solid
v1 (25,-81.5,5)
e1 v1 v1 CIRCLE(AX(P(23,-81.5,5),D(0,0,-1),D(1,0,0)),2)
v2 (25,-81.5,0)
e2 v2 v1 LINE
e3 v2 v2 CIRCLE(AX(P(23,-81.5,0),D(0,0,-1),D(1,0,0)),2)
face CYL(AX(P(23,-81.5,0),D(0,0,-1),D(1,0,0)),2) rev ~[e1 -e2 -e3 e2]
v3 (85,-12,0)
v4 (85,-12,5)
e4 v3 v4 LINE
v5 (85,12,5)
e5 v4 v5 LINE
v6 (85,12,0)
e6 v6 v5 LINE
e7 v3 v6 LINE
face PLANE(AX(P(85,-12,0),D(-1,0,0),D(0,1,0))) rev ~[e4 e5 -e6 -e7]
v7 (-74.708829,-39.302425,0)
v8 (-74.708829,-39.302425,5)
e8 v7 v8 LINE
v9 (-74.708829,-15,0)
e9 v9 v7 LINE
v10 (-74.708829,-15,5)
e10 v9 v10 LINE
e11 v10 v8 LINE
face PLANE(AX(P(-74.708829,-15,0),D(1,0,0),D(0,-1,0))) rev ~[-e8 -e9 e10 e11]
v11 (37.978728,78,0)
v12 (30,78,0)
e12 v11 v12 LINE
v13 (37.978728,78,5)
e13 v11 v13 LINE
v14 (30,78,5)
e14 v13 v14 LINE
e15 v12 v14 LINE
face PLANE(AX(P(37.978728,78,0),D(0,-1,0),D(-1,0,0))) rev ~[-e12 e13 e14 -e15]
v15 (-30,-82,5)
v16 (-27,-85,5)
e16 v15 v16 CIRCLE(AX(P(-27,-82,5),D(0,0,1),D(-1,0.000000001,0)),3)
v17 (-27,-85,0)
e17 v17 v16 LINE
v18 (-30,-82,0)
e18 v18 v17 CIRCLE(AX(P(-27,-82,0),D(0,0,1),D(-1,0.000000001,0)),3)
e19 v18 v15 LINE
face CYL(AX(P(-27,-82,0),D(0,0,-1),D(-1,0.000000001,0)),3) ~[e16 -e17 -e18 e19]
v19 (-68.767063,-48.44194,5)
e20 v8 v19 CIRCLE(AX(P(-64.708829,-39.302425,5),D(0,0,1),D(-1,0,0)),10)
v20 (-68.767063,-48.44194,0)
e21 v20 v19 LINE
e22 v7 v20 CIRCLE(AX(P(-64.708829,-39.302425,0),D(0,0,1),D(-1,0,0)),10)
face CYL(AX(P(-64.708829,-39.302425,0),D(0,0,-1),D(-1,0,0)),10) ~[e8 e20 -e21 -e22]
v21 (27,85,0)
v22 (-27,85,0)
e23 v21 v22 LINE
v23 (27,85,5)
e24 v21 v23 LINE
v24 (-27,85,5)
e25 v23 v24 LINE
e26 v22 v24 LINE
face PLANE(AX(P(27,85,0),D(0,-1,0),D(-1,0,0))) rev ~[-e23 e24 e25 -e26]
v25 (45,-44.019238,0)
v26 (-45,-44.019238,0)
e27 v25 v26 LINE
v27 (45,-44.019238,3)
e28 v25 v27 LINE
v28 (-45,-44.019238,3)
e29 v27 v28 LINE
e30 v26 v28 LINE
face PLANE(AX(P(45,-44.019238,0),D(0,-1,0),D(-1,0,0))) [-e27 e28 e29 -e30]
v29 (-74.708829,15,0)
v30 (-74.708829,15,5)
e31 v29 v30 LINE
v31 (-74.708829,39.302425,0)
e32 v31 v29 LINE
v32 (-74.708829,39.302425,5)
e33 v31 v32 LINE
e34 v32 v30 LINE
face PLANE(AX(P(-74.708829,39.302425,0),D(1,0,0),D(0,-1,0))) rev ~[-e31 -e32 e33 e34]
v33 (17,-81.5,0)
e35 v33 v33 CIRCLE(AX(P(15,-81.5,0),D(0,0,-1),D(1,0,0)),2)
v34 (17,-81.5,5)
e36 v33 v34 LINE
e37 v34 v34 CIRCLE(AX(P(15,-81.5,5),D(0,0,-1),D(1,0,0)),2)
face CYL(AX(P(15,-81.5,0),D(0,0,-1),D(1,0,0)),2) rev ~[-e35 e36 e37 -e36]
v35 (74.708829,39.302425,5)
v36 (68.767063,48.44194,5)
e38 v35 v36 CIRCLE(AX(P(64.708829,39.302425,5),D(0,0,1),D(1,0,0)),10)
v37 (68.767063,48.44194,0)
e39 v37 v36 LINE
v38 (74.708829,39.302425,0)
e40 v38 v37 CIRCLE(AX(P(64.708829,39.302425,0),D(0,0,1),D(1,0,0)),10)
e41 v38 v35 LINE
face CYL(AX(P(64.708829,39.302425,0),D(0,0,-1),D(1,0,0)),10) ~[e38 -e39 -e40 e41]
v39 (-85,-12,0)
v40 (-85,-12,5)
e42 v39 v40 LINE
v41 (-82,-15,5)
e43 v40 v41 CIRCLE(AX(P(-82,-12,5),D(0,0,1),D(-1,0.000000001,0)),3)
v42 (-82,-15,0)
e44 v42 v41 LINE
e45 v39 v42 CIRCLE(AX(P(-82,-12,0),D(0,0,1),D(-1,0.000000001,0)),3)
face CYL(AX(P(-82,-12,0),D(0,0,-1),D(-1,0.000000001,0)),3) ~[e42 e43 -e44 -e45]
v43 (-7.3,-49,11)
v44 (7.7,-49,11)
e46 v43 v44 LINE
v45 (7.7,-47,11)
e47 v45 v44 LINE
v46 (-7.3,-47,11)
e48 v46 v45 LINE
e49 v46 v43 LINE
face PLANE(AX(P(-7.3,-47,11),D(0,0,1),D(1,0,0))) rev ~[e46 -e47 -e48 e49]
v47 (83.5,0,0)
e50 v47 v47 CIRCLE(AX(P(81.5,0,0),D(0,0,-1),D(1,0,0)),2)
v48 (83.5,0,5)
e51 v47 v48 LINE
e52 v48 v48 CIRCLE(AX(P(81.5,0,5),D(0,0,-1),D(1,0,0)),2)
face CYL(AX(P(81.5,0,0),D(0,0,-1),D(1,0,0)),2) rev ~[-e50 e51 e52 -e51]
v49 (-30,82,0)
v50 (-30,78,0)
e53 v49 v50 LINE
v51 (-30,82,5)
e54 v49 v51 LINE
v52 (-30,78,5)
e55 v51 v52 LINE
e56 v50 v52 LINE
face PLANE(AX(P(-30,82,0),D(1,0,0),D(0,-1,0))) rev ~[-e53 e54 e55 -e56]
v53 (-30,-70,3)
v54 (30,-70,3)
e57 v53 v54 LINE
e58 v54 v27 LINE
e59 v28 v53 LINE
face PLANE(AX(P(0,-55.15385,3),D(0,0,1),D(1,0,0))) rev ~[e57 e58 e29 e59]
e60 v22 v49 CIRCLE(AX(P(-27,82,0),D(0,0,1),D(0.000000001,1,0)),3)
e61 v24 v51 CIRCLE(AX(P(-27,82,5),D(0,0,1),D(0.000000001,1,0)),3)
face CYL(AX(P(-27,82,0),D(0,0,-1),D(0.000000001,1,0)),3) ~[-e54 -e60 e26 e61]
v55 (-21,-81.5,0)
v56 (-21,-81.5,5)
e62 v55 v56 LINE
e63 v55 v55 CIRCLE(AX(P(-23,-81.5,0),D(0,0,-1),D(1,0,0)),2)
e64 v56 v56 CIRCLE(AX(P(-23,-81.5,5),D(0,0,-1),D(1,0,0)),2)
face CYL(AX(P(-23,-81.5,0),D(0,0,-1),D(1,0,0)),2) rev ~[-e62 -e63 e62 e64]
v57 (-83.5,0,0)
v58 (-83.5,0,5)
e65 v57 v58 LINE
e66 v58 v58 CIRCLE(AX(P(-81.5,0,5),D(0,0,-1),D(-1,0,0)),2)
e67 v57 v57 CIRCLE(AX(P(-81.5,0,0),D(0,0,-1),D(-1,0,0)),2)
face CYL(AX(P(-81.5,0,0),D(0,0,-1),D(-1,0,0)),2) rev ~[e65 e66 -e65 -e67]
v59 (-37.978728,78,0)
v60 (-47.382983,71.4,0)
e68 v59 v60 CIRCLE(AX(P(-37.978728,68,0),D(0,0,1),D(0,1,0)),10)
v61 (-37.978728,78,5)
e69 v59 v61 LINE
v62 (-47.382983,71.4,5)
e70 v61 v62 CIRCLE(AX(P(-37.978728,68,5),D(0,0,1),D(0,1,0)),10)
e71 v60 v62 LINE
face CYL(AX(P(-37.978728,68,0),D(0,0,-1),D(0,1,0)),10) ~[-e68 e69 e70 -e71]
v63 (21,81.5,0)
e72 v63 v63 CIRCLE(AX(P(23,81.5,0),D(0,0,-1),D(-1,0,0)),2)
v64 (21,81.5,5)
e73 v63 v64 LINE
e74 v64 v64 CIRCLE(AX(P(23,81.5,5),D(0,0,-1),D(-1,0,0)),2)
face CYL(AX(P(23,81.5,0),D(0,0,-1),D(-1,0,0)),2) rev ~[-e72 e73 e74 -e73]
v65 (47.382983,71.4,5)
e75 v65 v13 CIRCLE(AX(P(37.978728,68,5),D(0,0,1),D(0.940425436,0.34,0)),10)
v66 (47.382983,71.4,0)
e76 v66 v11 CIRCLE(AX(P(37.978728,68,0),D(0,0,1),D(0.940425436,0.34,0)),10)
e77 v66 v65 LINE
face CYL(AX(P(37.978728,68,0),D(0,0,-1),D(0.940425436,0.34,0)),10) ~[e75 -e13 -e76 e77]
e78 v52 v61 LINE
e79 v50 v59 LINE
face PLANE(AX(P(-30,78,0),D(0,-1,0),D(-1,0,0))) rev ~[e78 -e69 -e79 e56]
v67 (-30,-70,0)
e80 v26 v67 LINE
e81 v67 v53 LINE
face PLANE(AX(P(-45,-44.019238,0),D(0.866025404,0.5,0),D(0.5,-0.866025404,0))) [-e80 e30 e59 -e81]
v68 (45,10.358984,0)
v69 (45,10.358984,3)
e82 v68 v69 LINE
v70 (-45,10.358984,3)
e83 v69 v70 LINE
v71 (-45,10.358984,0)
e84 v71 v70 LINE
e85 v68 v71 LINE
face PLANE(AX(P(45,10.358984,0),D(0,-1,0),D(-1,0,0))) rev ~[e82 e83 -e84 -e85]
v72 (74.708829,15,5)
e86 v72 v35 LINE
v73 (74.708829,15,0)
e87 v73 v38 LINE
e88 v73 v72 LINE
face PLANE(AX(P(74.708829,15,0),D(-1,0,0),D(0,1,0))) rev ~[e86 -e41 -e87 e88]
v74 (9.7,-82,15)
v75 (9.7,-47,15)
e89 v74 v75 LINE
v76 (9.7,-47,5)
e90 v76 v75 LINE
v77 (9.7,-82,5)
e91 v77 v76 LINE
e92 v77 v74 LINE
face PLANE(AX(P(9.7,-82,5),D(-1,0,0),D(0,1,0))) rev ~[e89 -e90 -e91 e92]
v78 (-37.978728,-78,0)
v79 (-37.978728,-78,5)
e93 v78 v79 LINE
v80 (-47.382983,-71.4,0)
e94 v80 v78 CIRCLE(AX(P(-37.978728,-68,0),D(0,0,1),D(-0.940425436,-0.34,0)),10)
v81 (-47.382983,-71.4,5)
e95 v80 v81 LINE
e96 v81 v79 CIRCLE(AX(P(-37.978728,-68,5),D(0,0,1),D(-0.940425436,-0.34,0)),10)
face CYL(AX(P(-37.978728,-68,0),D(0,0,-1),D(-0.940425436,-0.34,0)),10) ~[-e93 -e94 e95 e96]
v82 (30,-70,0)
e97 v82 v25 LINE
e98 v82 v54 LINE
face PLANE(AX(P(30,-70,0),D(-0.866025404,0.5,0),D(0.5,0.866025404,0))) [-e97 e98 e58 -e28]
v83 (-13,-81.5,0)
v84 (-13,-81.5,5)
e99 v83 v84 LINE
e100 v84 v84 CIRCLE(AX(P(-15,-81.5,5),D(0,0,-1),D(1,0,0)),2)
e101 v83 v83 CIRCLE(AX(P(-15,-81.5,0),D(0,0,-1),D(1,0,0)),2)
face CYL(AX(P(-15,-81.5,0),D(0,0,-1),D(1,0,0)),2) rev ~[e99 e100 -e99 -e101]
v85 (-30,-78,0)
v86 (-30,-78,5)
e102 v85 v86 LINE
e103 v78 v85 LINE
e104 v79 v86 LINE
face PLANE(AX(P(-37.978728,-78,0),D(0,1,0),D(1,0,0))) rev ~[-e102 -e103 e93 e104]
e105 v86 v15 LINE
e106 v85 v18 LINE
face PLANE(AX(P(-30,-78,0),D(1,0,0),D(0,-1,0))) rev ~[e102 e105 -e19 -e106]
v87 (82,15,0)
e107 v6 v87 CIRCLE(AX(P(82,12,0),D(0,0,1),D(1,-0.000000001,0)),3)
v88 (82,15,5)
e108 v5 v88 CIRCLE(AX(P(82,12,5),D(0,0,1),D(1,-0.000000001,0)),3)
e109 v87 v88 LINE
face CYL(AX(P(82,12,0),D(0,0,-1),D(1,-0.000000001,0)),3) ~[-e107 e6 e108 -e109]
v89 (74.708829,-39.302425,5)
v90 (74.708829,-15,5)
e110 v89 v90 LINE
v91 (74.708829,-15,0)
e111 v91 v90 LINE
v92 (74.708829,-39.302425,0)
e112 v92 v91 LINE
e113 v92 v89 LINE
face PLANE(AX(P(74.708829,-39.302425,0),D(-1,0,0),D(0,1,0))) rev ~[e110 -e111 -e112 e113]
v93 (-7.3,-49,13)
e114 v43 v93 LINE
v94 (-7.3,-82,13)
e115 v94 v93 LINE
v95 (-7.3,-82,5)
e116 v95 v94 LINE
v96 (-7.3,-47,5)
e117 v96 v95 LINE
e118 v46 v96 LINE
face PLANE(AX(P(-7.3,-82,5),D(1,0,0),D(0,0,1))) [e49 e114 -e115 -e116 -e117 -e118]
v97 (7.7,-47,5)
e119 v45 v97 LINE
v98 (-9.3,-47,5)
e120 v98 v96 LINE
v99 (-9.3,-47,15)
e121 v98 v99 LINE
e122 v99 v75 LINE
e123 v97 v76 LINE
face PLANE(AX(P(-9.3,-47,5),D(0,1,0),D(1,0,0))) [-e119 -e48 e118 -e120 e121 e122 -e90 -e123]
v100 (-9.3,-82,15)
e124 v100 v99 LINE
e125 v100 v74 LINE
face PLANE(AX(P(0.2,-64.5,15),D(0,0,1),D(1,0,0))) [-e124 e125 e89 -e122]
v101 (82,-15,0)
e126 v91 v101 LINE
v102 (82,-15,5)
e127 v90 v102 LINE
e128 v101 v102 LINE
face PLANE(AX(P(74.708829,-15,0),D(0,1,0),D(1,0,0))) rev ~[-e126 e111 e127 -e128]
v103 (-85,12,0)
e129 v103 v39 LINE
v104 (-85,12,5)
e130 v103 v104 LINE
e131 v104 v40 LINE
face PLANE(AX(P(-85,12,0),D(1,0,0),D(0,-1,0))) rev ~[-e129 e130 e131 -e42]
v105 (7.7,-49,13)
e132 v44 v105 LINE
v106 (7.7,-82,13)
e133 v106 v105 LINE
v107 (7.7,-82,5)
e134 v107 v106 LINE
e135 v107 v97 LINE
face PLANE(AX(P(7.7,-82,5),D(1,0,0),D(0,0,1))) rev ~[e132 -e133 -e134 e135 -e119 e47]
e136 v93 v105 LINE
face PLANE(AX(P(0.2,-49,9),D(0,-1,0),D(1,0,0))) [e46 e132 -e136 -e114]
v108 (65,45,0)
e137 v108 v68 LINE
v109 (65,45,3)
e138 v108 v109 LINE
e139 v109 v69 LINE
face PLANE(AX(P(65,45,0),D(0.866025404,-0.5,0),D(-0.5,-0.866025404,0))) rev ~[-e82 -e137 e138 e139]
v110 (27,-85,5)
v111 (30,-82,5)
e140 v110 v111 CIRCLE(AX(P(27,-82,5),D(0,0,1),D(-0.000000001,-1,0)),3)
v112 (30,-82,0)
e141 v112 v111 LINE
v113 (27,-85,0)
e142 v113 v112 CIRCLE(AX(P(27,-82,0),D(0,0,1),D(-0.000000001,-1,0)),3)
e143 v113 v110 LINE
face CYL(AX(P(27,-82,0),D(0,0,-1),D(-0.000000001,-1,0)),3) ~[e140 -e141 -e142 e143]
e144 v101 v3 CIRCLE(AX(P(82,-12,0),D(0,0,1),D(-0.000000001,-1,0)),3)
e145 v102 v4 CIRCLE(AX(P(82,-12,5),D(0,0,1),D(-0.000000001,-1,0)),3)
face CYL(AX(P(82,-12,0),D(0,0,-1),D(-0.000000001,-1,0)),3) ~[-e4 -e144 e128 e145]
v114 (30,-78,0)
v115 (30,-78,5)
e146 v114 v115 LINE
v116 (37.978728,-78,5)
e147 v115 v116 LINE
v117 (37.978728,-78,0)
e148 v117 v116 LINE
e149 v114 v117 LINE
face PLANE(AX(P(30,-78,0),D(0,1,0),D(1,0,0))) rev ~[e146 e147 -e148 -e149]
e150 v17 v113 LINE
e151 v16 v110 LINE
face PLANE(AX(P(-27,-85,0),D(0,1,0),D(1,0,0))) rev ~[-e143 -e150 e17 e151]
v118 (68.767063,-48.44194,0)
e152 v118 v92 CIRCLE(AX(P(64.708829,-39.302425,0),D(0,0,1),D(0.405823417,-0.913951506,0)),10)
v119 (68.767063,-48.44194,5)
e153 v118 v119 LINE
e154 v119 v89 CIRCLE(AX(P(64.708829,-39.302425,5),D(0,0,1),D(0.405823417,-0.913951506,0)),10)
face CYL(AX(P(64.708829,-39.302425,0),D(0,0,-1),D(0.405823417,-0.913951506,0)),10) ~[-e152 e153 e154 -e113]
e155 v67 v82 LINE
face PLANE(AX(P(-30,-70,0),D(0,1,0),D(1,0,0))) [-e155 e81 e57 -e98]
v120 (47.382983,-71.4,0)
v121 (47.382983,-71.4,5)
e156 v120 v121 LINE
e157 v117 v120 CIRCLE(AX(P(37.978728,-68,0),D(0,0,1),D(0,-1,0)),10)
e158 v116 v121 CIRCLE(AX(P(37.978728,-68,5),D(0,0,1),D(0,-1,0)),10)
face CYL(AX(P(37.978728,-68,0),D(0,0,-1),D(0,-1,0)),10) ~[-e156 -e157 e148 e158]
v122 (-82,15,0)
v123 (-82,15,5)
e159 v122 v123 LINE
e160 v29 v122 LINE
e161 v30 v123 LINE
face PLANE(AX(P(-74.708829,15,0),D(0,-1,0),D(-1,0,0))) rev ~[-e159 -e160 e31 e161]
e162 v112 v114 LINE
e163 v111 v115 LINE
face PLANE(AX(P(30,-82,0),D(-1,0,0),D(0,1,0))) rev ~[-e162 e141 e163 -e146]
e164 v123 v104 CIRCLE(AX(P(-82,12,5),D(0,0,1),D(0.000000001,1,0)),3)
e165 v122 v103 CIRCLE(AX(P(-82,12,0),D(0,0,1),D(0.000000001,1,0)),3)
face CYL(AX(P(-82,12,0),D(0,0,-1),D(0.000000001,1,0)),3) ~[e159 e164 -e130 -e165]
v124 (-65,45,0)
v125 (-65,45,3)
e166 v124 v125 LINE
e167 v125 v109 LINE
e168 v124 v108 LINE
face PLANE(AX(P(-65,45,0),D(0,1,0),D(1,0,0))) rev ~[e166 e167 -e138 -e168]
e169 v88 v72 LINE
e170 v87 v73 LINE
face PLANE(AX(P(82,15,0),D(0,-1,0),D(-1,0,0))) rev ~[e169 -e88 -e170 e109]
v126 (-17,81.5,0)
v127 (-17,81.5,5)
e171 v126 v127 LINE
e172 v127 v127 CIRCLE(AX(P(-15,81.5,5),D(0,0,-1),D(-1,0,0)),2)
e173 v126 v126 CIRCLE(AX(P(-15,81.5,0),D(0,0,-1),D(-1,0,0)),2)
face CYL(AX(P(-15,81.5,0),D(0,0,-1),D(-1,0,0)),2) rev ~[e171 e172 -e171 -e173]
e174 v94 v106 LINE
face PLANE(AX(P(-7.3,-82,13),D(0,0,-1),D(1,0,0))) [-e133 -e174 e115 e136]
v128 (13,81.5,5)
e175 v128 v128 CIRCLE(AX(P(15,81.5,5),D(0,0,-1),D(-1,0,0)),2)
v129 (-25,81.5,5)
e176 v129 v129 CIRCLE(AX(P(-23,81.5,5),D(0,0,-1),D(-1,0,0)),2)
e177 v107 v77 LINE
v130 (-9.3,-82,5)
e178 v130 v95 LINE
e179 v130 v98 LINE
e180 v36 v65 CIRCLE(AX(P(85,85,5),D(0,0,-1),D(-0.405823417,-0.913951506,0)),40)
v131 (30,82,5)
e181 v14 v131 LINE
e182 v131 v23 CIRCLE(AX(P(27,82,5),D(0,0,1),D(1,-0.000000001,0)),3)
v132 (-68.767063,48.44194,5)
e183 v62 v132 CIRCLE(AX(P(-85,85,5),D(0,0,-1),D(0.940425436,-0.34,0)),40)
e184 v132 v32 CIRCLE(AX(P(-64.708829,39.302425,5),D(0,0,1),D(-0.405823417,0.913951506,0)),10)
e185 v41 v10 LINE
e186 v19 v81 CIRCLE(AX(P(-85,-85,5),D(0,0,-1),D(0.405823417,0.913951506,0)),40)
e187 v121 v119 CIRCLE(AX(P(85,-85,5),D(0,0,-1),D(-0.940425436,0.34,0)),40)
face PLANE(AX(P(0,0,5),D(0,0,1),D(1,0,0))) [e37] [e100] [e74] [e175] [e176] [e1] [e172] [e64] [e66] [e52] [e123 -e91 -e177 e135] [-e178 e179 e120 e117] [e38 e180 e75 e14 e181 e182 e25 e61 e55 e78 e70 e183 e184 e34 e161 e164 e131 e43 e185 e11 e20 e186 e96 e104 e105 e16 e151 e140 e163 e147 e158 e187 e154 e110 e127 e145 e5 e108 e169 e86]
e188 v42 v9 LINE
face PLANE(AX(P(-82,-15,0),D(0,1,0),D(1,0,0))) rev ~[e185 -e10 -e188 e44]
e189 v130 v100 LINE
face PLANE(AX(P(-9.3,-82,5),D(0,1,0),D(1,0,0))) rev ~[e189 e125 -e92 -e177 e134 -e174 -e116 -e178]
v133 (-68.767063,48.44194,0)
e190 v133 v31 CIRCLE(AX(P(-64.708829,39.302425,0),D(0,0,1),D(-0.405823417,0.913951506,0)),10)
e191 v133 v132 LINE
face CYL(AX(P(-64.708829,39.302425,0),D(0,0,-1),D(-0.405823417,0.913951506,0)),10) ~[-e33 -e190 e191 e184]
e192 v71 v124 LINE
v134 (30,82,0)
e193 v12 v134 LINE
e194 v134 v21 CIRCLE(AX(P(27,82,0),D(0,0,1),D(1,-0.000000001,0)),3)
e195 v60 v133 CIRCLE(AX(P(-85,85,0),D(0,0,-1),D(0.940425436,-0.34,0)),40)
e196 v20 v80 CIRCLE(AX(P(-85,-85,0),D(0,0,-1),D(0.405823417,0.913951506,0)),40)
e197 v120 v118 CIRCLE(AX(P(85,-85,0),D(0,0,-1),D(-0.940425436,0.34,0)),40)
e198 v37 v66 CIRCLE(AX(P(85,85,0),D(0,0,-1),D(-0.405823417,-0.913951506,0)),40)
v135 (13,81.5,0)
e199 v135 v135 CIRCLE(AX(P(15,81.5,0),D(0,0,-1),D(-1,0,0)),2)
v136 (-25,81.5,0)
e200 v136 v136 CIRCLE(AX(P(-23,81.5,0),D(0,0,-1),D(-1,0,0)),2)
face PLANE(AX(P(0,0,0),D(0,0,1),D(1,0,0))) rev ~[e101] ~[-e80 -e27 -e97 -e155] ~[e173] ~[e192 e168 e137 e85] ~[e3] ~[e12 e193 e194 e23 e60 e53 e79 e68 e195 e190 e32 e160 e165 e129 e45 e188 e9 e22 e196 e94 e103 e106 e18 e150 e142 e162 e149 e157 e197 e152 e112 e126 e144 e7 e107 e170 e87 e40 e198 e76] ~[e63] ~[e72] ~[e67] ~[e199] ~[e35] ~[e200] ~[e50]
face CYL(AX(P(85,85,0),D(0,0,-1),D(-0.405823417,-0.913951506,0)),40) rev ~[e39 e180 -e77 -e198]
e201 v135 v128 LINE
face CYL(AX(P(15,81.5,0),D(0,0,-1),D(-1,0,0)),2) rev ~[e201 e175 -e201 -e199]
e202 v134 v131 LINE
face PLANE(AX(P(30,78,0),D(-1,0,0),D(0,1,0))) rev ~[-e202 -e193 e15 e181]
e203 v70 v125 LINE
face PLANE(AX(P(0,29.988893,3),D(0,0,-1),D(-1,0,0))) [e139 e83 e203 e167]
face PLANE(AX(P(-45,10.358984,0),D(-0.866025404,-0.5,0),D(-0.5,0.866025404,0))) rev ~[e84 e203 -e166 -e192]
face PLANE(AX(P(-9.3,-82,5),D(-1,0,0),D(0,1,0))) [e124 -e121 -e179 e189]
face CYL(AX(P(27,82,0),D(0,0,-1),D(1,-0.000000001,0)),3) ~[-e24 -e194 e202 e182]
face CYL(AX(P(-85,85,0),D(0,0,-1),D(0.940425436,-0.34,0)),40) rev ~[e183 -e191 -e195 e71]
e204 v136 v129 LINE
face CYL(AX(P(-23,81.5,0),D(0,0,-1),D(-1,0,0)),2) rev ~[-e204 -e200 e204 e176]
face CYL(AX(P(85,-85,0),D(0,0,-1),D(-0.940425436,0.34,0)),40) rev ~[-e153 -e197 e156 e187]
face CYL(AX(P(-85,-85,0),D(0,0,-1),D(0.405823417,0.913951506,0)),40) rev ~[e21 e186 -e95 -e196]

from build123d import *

# Parameters (mm, degrees)
BOSS_EXTRUDE1_DEPTH = 5
SKETCH2_R           = 2
CUT_EXTRUDE1_DEPTH  = 5
CUT_EXTRUDE2_DEPTH  = 3
SKETCH4_W           = 19
SKETCH4_H           = 35
BOSS_EXTRUDE2_DEPTH = 10
SKETCH6_W           = 15
SKETCH6_H           = 8
CUT_EXTRUDE4_DEPTH  = 33
SKETCH7_W           = 15
SKETCH7_H           = 6
CUT_EXTRUDE5_DEPTH  = 2


with BuildPart() as part:
    # Sketch1 → Boss-Extrude1 (new body)
    with BuildSketch(Plane.XY):
        with BuildLine():
            Line((82, 15), (74.70882917, 15))
            Line((74.70882917, 15), (74.70882917, 39.302424721))
            ThreePointArc((74.70882917, 39.302424721), (73.092812163, 44.753005348), (68.767063336, 48.441939777))
            ThreePointArc((68.767063336, 48.441939777), (55.730177295, 57.736884279), (47.382982574, 71.4))
            ThreePointArc((47.382982574, 71.4), (43.723290865, 76.185352772), (37.978728218, 78))
            Line((37.978728218, 78), (30, 78))
            Line((30, 78), (30, 82))
            ThreePointArc((30, 82), (29.121320344, 84.121320344), (27, 85))
            Line((27, 85), (-27, 85))
            ThreePointArc((-27, 85), (-29.121320344, 84.121320344), (-30, 82))
            Line((-30, 82), (-30, 78))
            Line((-30, 78), (-37.978728218, 78))
            ThreePointArc((-37.978728218, 78), (-43.723290865, 76.185352772), (-47.382982574, 71.4))
            ThreePointArc((-47.382982574, 71.4), (-55.730177295, 57.736884279), (-68.767063336, 48.441939777))
            ThreePointArc((-68.767063336, 48.441939777), (-73.092812163, 44.753005348), (-74.70882917, 39.302424721))
            Line((-74.70882917, 39.302424721), (-74.70882917, 15))
            Line((-74.70882917, 15), (-82, 15))
            ThreePointArc((-82, 15), (-84.121320344, 14.121320344), (-85, 12))
            Line((-85, 12), (-85, -12))
            ThreePointArc((-85, -12), (-84.121320344, -14.121320344), (-82, -15))
            Line((-82, -15), (-74.70882917, -15))
            Line((-74.70882917, -15), (-74.70882917, -39.302424721))
            ThreePointArc((-74.70882917, -39.302424721), (-73.092812163, -44.753005348), (-68.767063336, -48.441939777))
            ThreePointArc((-68.767063336, -48.441939777), (-55.730177295, -57.736884279), (-47.382982574, -71.4))
            ThreePointArc((-47.382982574, -71.4), (-43.723290865, -76.185352772), (-37.978728218, -78))
            Line((-37.978728218, -78), (-30, -78))
            Line((-30, -78), (-30, -82))
            ThreePointArc((-30, -82), (-29.121320344, -84.121320344), (-27, -85))
            Line((-27, -85), (27, -85))
            ThreePointArc((27, -85), (29.121320344, -84.121320344), (30, -82))
            Line((30, -82), (30, -78))
            Line((30, -78), (37.978728218, -78))
            ThreePointArc((37.978728218, -78), (43.723290865, -76.185352772), (47.382982574, -71.4))
            ThreePointArc((47.382982574, -71.4), (55.730177295, -57.736884279), (68.767063336, -48.441939777))
            ThreePointArc((68.767063336, -48.441939777), (73.092812163, -44.753005348), (74.70882917, -39.302424721))
            Line((74.70882917, -39.302424721), (74.70882917, -15))
            Line((74.70882917, -15), (82, -15))
            ThreePointArc((82, -15), (84.121320344, -14.121320344), (85, -12))
            Line((85, -12), (85, 12))
            ThreePointArc((85, 12), (84.121320344, 14.121320344), (82, 15))
        make_face()
    extrude(amount=BOSS_EXTRUDE1_DEPTH)

    # Sketch2 → Cut-Extrude1 (cut)
    with BuildSketch(Plane(origin=(0, 0, 0), x_dir=(-1, 0, 0), z_dir=(0, 0, -1))):
        with Locations((81.5, 0)):
            Circle(SKETCH2_R)
        with Locations(Location((-81.5, 0, 0), (0, 0, 180))):
            Circle(SKETCH2_R)
        with Locations((-23, 81.5)):
            Circle(SKETCH2_R)
        with Locations((15, 81.5)):
            Circle(SKETCH2_R)
        with Locations((23, 81.5)):
            Circle(SKETCH2_R)
        with Locations((-15, 81.5)):
            Circle(SKETCH2_R)
        with Locations(Location((-23, -81.5, 0), (0, 0, 180))):
            Circle(SKETCH2_R)
        with Locations(Location((-15, -81.5, 0), (0, 0, 180))):
            Circle(SKETCH2_R)
        with Locations(Location((15, -81.5, 0), (0, 0, 180))):
            Circle(SKETCH2_R)
        with Locations(Location((23, -81.5, 0), (0, 0, 180))):
            Circle(SKETCH2_R)
    extrude(amount=-CUT_EXTRUDE1_DEPTH, mode=Mode.SUBTRACT)

    # Sketch3 → Cut-Extrude2 (cut)
    with BuildSketch(Plane(origin=(0, 0, 0), x_dir=(-1, 0, 0), z_dir=(0, 0, -1))):
        Polygon((-30, -70), (-45, -44.019237886), (45, -44.019237886), (30, -70), align=None)
        Polygon((65, 45), (-65, 45), (-45, 10.358983849), (45, 10.358983849), align=None)
    extrude(amount=-CUT_EXTRUDE2_DEPTH, mode=Mode.SUBTRACT)

    # Sketch4 → Boss-Extrude2 (add)
    with BuildSketch(Plane.XY.offset(5)):
        with Locations((0.2, -64.5)):
            Rectangle(SKETCH4_W, SKETCH4_H)
    extrude(amount=BOSS_EXTRUDE2_DEPTH)

    # Sketch6 → Cut-Extrude4 (cut)
    with BuildSketch(Plane.XZ.offset(82)):
        with Locations((0.2, 9)):
            Rectangle(SKETCH6_W, SKETCH6_H)
    extrude(amount=-CUT_EXTRUDE4_DEPTH, mode=Mode.SUBTRACT)

    # Sketch7 → Cut-Extrude5 (cut)
    with BuildSketch(Plane(origin=(0, -47, 0), x_dir=(1, 0, 0), z_dir=(0, 1, 0))):
        with Locations((0.2, -8)):
            Rectangle(SKETCH7_W, SKETCH7_H)
    extrude(amount=-CUT_EXTRUDE5_DEPTH, mode=Mode.SUBTRACT)


solid = part.part
